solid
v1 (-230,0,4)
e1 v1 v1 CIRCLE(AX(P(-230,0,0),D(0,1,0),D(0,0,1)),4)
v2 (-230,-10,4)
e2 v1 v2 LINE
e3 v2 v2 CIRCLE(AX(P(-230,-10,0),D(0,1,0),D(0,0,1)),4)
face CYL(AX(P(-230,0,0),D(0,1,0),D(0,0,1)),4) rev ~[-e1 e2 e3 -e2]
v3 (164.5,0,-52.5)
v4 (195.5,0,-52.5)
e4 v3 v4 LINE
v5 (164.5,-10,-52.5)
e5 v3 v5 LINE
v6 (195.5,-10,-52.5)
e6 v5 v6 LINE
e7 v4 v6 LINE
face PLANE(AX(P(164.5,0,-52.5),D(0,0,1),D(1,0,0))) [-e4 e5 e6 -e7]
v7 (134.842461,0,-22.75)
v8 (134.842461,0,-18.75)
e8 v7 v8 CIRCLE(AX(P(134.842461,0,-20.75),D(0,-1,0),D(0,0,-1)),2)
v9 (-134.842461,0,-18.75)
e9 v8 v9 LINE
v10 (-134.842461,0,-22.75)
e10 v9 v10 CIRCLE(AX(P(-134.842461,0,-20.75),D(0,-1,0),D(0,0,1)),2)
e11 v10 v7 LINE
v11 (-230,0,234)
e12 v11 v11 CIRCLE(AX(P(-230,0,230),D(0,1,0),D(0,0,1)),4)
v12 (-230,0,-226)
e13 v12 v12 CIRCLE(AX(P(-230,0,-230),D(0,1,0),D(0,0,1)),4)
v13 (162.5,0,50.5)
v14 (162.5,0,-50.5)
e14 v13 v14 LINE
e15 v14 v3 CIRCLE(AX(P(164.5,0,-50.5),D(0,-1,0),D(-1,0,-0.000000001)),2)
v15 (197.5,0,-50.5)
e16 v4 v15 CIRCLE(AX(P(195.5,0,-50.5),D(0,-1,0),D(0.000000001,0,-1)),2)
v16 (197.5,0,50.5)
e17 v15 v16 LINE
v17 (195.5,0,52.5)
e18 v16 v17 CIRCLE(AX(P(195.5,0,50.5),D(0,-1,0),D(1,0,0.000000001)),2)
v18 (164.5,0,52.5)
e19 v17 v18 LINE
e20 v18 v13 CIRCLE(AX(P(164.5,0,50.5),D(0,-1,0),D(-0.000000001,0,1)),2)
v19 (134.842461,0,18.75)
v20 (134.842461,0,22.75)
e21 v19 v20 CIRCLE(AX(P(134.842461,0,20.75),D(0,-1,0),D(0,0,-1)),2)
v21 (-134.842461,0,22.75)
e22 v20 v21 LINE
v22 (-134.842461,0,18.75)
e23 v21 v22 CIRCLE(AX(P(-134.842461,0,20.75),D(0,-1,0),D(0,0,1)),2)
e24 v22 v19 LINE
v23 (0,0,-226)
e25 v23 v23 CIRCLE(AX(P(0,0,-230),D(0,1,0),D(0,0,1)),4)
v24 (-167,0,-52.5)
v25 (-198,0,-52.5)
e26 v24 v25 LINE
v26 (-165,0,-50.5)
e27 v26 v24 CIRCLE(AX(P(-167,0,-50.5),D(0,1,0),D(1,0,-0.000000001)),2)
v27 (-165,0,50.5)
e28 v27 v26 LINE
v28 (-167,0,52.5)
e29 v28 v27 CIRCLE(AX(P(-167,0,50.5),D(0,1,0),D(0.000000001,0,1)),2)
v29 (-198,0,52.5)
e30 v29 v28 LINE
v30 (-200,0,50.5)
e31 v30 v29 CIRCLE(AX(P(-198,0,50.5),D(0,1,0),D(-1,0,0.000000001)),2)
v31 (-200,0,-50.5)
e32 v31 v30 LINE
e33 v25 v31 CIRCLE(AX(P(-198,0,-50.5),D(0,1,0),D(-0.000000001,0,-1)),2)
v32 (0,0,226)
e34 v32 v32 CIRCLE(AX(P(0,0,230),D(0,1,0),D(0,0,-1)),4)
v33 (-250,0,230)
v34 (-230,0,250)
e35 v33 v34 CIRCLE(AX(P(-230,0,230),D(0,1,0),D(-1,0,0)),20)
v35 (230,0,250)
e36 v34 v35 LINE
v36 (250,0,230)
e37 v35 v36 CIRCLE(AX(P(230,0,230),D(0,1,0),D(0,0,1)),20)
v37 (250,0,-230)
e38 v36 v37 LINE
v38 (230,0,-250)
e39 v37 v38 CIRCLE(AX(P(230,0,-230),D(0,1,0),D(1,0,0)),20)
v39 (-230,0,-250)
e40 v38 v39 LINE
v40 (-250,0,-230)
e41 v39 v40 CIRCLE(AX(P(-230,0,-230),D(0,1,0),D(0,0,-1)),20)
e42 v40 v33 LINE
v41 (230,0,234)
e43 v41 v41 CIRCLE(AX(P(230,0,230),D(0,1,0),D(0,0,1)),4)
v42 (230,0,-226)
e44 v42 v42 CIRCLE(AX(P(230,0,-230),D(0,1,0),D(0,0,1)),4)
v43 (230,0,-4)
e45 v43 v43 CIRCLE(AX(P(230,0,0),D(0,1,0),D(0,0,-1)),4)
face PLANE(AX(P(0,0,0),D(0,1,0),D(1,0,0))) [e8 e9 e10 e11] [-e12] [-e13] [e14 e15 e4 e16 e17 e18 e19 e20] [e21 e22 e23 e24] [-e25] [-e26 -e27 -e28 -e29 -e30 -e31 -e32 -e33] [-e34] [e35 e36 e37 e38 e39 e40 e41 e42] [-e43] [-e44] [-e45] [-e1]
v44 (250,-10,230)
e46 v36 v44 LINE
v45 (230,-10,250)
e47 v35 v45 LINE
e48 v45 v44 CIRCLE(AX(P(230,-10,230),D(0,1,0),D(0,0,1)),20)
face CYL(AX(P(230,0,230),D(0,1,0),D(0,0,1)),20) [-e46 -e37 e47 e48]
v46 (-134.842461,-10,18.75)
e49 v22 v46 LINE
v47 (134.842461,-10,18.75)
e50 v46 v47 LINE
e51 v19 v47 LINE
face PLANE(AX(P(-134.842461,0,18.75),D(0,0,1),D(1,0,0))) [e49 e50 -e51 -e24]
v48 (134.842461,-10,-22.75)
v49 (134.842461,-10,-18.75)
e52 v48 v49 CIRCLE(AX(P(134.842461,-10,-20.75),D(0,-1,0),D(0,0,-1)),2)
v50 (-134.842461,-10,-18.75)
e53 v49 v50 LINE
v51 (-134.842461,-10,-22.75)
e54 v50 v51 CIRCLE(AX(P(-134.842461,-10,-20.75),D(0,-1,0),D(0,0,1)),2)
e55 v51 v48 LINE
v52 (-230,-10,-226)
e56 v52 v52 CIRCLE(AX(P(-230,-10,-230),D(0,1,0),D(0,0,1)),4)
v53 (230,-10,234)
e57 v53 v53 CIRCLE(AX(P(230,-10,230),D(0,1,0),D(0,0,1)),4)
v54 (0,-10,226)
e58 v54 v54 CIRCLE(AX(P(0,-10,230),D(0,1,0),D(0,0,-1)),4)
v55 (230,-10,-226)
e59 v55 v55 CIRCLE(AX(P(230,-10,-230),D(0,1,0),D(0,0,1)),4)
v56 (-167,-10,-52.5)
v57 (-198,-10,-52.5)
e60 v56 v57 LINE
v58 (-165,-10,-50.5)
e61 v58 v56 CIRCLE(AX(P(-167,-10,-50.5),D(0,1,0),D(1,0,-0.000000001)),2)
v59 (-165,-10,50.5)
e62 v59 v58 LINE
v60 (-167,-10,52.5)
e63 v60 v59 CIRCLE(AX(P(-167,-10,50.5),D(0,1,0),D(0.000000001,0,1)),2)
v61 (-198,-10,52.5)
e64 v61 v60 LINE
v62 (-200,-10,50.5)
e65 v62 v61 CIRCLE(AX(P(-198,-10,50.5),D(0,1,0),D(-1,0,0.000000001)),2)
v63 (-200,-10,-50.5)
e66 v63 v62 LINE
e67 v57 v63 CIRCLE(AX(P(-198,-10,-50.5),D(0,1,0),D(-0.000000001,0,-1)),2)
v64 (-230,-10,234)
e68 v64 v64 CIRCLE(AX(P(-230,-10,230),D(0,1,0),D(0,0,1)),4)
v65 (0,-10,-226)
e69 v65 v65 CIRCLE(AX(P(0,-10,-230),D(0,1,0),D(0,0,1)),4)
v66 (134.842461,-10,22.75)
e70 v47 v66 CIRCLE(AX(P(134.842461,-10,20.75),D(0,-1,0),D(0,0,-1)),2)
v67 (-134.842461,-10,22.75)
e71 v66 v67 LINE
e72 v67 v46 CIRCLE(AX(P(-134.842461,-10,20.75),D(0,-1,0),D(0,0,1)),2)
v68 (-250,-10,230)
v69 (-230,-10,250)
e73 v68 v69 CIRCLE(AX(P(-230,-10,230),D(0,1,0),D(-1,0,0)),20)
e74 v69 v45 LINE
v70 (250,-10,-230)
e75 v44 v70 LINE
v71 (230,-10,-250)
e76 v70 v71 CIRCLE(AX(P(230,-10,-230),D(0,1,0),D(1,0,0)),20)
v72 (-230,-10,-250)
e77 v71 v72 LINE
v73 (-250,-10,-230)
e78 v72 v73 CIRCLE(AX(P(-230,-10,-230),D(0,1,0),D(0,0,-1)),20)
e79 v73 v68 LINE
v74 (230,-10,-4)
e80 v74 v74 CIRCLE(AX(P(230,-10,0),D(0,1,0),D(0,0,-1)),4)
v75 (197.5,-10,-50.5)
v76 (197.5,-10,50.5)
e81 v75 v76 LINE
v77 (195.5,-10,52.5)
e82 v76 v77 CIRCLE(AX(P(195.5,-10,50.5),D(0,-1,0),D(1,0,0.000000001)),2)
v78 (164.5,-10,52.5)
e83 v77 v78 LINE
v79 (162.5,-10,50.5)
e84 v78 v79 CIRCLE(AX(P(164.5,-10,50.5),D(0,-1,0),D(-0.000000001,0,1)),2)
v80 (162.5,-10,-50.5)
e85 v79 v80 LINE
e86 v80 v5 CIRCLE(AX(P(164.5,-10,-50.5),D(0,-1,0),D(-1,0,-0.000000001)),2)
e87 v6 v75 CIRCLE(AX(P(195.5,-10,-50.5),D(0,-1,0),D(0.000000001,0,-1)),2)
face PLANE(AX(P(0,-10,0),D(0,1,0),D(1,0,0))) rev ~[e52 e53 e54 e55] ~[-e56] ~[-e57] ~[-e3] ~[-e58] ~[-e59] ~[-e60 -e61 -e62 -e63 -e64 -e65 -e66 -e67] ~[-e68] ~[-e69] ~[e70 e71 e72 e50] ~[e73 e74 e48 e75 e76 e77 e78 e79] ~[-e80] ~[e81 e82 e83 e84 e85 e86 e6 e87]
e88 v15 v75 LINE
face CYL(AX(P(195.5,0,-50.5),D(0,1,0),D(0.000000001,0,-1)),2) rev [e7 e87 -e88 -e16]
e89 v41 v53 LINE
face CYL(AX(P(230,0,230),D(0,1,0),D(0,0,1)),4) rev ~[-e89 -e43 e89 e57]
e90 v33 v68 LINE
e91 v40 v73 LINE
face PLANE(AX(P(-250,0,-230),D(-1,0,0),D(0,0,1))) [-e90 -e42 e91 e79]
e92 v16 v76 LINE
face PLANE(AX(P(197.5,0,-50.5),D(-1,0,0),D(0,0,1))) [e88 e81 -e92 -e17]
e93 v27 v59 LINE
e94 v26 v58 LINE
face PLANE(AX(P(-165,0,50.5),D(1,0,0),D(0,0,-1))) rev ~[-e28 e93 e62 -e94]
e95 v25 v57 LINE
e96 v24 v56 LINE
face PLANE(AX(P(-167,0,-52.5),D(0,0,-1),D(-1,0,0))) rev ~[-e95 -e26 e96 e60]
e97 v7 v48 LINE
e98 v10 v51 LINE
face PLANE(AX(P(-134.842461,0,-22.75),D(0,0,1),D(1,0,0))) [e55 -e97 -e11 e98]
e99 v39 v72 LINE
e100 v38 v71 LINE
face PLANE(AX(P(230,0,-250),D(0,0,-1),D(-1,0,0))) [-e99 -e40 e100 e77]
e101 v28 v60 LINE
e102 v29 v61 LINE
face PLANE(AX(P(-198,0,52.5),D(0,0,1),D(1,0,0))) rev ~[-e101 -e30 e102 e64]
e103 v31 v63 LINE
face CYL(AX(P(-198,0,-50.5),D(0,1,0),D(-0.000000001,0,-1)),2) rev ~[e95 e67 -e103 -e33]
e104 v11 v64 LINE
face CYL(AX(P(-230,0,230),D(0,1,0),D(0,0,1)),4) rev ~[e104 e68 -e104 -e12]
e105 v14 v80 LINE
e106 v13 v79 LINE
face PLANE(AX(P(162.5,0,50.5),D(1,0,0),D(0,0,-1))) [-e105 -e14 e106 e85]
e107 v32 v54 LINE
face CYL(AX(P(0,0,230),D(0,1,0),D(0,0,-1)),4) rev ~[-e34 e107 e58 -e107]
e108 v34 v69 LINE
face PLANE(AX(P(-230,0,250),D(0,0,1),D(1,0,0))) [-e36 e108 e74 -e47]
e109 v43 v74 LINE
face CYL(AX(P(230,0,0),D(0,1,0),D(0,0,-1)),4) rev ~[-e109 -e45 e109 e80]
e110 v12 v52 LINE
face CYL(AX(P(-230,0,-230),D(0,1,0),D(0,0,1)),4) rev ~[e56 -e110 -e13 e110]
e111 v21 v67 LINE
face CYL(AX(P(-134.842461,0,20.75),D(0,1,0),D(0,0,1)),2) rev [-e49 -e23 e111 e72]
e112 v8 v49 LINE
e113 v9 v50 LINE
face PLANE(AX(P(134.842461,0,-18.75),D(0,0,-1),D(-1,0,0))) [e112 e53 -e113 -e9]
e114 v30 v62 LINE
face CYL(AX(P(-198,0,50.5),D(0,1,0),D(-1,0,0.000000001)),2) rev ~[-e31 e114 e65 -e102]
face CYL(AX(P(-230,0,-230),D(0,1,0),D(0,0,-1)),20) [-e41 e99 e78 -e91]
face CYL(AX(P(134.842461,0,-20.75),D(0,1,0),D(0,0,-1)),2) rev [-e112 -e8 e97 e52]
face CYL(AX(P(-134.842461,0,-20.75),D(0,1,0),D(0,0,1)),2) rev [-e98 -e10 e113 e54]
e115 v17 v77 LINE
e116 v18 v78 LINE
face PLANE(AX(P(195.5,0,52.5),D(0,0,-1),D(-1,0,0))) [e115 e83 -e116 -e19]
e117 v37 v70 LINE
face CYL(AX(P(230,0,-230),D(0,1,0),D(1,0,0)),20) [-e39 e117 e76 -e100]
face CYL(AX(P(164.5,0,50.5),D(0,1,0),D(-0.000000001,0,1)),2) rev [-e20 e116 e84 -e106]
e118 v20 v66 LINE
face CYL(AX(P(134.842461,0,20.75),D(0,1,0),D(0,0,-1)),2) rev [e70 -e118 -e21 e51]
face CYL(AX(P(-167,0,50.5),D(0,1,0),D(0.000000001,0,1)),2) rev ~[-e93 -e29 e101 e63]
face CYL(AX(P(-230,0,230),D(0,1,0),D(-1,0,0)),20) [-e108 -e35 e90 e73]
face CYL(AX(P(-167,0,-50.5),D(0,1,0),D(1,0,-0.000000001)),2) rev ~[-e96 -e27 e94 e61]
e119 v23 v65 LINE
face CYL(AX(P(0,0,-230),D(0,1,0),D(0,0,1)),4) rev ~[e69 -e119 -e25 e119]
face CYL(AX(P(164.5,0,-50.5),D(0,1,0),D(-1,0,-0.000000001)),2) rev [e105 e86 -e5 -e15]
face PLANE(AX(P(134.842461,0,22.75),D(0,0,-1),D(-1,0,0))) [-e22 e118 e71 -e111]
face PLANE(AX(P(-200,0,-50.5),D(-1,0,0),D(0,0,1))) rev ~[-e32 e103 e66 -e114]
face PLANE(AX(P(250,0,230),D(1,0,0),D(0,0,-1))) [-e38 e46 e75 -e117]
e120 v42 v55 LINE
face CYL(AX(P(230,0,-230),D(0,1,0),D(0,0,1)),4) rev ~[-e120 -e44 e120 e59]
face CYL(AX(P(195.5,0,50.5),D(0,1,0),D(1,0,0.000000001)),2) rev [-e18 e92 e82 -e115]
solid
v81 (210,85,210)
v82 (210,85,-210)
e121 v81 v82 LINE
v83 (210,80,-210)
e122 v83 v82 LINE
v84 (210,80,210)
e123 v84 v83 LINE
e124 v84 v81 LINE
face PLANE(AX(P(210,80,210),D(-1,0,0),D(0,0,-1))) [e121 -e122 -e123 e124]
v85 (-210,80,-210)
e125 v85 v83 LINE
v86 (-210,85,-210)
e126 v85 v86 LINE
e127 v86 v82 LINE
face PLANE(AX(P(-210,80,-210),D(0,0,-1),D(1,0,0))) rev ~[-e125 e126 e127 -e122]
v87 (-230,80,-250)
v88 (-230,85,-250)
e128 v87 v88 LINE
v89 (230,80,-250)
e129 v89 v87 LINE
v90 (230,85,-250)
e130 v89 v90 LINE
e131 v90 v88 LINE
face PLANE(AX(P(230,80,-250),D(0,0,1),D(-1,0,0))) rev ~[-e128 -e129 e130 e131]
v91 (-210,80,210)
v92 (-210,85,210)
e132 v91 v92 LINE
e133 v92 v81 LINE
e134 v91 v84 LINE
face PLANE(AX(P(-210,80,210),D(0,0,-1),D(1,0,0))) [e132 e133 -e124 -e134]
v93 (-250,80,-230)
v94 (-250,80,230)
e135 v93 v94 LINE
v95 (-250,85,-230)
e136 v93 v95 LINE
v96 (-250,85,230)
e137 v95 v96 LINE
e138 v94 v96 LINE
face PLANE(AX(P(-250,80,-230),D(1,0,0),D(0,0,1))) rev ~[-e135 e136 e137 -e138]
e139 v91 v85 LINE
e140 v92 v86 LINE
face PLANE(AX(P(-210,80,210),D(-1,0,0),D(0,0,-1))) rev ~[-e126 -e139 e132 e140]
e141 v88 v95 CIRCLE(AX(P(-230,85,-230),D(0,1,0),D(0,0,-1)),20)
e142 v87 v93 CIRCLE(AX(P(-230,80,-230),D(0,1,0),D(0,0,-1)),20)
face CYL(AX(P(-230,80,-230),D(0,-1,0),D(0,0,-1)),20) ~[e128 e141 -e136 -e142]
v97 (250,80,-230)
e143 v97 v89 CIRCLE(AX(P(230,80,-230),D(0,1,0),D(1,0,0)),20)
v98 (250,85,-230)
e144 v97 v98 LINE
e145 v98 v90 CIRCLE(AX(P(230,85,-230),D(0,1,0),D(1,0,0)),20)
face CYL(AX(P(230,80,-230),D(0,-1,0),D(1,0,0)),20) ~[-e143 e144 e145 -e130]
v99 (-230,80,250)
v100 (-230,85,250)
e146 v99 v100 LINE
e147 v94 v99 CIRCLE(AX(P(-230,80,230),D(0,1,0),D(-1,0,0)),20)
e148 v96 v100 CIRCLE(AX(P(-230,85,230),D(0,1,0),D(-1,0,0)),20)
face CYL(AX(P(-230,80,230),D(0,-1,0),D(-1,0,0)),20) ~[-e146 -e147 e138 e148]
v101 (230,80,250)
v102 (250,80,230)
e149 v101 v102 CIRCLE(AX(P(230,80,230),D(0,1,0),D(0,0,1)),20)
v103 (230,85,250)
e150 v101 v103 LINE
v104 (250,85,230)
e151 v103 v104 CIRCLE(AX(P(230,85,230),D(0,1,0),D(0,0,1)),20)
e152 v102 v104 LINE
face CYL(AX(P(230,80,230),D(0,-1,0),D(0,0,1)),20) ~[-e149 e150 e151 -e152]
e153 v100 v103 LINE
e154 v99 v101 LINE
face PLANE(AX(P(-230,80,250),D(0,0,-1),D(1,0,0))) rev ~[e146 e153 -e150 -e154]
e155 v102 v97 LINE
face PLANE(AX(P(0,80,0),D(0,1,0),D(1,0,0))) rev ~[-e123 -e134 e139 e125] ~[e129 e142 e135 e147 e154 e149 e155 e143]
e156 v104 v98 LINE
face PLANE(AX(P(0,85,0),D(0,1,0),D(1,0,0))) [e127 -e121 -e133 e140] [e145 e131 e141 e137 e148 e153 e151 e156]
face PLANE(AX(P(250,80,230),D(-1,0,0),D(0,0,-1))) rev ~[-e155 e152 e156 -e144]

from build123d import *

# Parameters (mm, degrees)
SKETCH1_R           = 4
BOSS_EXTRUDE1_DEPTH = 10
SKETCH3_W           = 420
SKETCH3_H           = 420
BOSS_EXTRUDE2_DEPTH = 5
CUT_EXTRUDE1_DEPTH  = 10


with BuildPart() as part:
    # Sketch1 → Boss-Extrude1 (new body)
    with BuildSketch(Plane(origin=(0, 0, 0), x_dir=(1, 0, 0), z_dir=(0, 1, 0))):
        with BuildLine():
            Line((-230, -250), (230, -250))
            ThreePointArc((230, -250), (244.142135624, -244.142135624), (250, -230))
            Line((250, -230), (250, 230))
            ThreePointArc((250, 230), (244.142135624, 244.142135624), (230, 250))
            Line((230, 250), (-230, 250))
            ThreePointArc((-230, 250), (-244.142135624, 244.142135624), (-250, 230))
            Line((-250, 230), (-250, -230))
            ThreePointArc((-250, -230), (-244.142135624, -244.142135624), (-230, -250))
        make_face()
        with Locations(Location((-230, 230, 0), (0, 0, 270))):
            Circle(SKETCH1_R, mode=Mode.SUBTRACT)
        with Locations(Location((230, 230, 0), (0, 0, 270))):
            Circle(SKETCH1_R, mode=Mode.SUBTRACT)
        with Locations(Location((230, -230, 0), (0, 0, 270))):
            Circle(SKETCH1_R, mode=Mode.SUBTRACT)
        with Locations(Location((-230, -230, 0), (0, 0, 270))):
            Circle(SKETCH1_R, mode=Mode.SUBTRACT)
        with Locations(Location((0, 230, 0), (0, 0, 270))):
            Circle(SKETCH1_R, mode=Mode.SUBTRACT)
        with Locations(Location((-230, 0, 0), (0, 0, 270))):
            Circle(SKETCH1_R, mode=Mode.SUBTRACT)
        with Locations(Location((230, 0, 0), (0, 0, 90))):
            Circle(SKETCH1_R, mode=Mode.SUBTRACT)
        with Locations(Location((0, -230, 0), (0, 0, 90))):
            Circle(SKETCH1_R, mode=Mode.SUBTRACT)
        with BuildLine():
            Line((-198, -52.5), (-167, -52.5))
            ThreePointArc((-167, -52.5), (-165.585786438, -51.914213562), (-165, -50.5))
            Line((-165, -50.5), (-165, 50.5))
            ThreePointArc((-165, 50.5), (-165.585786438, 51.914213562), (-167, 52.5))
            Line((-167, 52.5), (-198, 52.5))
            ThreePointArc((-198, 52.5), (-199.414213562, 51.914213562), (-200, 50.5))
            Line((-200, 50.5), (-200, -50.5))
            ThreePointArc((-200, -50.5), (-199.414213562, -51.914213562), (-198, -52.5))
        make_face(mode=Mode.SUBTRACT)
        with BuildLine():
            Line((195.5, -52.5), (164.5, -52.5))
            ThreePointArc((164.5, -52.5), (163.085786438, -51.914213562), (162.5, -50.5))
            Line((162.5, -50.5), (162.5, 50.5))
            ThreePointArc((162.5, 50.5), (163.085786438, 51.914213562), (164.5, 52.5))
            Line((164.5, 52.5), (195.5, 52.5))
            ThreePointArc((195.5, 52.5), (196.914213562, 51.914213562), (197.5, 50.5))
            Line((197.5, 50.5), (197.5, -50.5))
            ThreePointArc((197.5, -50.5), (196.914213562, -51.914213562), (195.5, -52.5))
        make_face(mode=Mode.SUBTRACT)
    extrude(amount=-BOSS_EXTRUDE1_DEPTH)

    # Sketch10 → Cut-Extrude1 (cut)
    with BuildSketch(Plane(origin=(0, 0, 0), x_dir=(1, 0, 0), z_dir=(0, 1, 0))):
        with BuildLine():
            Line((-134.842461188, 22.75), (134.842461188, 22.75))
            ThreePointArc((134.842461188, 22.75), (136.842461188, 20.75), (134.842461188, 18.75))
            Line((134.842461188, 18.75), (-134.842461188, 18.75))
            ThreePointArc((-134.842461188, 18.75), (-136.842461188, 20.75), (-134.842461188, 22.75))
        make_face()
        with BuildLine():
            Line((-134.842461188, -18.75), (134.842461188, -18.75))
            ThreePointArc((134.842461188, -18.75), (136.842461188, -20.75), (134.842461188, -22.75))
            Line((134.842461188, -22.75), (-134.842461188, -22.75))
            ThreePointArc((-134.842461188, -22.75), (-136.842461188, -20.75), (-134.842461188, -18.75))
        make_face()
    extrude(amount=-CUT_EXTRUDE1_DEPTH, mode=Mode.SUBTRACT)


with BuildPart() as body_2:
    # Sketch3 → Boss-Extrude2 (new body)
    with BuildSketch(Plane(origin=(0, 80, 0), x_dir=(1, 0, 0), z_dir=(0, 1, 0))):
        with BuildLine():
            Line((-230, -250), (230, -250))
            ThreePointArc((230, -250), (244.142135624, -244.142135624), (250, -230))
            Line((250, -230), (250, 230))
            ThreePointArc((250, 230), (244.142135624, 244.142135624), (230, 250))
            Line((230, 250), (-230, 250))
            ThreePointArc((-230, 250), (-244.142135624, 244.142135624), (-250, 230))
            Line((-250, 230), (-250, -230))
            ThreePointArc((-250, -230), (-244.142135624, -244.142135624), (-230, -250))
        make_face()
        Rectangle(SKETCH3_W, SKETCH3_H, mode=Mode.SUBTRACT)
    extrude(amount=BOSS_EXTRUDE2_DEPTH)


solid = Compound([part.part, body_2.part])
